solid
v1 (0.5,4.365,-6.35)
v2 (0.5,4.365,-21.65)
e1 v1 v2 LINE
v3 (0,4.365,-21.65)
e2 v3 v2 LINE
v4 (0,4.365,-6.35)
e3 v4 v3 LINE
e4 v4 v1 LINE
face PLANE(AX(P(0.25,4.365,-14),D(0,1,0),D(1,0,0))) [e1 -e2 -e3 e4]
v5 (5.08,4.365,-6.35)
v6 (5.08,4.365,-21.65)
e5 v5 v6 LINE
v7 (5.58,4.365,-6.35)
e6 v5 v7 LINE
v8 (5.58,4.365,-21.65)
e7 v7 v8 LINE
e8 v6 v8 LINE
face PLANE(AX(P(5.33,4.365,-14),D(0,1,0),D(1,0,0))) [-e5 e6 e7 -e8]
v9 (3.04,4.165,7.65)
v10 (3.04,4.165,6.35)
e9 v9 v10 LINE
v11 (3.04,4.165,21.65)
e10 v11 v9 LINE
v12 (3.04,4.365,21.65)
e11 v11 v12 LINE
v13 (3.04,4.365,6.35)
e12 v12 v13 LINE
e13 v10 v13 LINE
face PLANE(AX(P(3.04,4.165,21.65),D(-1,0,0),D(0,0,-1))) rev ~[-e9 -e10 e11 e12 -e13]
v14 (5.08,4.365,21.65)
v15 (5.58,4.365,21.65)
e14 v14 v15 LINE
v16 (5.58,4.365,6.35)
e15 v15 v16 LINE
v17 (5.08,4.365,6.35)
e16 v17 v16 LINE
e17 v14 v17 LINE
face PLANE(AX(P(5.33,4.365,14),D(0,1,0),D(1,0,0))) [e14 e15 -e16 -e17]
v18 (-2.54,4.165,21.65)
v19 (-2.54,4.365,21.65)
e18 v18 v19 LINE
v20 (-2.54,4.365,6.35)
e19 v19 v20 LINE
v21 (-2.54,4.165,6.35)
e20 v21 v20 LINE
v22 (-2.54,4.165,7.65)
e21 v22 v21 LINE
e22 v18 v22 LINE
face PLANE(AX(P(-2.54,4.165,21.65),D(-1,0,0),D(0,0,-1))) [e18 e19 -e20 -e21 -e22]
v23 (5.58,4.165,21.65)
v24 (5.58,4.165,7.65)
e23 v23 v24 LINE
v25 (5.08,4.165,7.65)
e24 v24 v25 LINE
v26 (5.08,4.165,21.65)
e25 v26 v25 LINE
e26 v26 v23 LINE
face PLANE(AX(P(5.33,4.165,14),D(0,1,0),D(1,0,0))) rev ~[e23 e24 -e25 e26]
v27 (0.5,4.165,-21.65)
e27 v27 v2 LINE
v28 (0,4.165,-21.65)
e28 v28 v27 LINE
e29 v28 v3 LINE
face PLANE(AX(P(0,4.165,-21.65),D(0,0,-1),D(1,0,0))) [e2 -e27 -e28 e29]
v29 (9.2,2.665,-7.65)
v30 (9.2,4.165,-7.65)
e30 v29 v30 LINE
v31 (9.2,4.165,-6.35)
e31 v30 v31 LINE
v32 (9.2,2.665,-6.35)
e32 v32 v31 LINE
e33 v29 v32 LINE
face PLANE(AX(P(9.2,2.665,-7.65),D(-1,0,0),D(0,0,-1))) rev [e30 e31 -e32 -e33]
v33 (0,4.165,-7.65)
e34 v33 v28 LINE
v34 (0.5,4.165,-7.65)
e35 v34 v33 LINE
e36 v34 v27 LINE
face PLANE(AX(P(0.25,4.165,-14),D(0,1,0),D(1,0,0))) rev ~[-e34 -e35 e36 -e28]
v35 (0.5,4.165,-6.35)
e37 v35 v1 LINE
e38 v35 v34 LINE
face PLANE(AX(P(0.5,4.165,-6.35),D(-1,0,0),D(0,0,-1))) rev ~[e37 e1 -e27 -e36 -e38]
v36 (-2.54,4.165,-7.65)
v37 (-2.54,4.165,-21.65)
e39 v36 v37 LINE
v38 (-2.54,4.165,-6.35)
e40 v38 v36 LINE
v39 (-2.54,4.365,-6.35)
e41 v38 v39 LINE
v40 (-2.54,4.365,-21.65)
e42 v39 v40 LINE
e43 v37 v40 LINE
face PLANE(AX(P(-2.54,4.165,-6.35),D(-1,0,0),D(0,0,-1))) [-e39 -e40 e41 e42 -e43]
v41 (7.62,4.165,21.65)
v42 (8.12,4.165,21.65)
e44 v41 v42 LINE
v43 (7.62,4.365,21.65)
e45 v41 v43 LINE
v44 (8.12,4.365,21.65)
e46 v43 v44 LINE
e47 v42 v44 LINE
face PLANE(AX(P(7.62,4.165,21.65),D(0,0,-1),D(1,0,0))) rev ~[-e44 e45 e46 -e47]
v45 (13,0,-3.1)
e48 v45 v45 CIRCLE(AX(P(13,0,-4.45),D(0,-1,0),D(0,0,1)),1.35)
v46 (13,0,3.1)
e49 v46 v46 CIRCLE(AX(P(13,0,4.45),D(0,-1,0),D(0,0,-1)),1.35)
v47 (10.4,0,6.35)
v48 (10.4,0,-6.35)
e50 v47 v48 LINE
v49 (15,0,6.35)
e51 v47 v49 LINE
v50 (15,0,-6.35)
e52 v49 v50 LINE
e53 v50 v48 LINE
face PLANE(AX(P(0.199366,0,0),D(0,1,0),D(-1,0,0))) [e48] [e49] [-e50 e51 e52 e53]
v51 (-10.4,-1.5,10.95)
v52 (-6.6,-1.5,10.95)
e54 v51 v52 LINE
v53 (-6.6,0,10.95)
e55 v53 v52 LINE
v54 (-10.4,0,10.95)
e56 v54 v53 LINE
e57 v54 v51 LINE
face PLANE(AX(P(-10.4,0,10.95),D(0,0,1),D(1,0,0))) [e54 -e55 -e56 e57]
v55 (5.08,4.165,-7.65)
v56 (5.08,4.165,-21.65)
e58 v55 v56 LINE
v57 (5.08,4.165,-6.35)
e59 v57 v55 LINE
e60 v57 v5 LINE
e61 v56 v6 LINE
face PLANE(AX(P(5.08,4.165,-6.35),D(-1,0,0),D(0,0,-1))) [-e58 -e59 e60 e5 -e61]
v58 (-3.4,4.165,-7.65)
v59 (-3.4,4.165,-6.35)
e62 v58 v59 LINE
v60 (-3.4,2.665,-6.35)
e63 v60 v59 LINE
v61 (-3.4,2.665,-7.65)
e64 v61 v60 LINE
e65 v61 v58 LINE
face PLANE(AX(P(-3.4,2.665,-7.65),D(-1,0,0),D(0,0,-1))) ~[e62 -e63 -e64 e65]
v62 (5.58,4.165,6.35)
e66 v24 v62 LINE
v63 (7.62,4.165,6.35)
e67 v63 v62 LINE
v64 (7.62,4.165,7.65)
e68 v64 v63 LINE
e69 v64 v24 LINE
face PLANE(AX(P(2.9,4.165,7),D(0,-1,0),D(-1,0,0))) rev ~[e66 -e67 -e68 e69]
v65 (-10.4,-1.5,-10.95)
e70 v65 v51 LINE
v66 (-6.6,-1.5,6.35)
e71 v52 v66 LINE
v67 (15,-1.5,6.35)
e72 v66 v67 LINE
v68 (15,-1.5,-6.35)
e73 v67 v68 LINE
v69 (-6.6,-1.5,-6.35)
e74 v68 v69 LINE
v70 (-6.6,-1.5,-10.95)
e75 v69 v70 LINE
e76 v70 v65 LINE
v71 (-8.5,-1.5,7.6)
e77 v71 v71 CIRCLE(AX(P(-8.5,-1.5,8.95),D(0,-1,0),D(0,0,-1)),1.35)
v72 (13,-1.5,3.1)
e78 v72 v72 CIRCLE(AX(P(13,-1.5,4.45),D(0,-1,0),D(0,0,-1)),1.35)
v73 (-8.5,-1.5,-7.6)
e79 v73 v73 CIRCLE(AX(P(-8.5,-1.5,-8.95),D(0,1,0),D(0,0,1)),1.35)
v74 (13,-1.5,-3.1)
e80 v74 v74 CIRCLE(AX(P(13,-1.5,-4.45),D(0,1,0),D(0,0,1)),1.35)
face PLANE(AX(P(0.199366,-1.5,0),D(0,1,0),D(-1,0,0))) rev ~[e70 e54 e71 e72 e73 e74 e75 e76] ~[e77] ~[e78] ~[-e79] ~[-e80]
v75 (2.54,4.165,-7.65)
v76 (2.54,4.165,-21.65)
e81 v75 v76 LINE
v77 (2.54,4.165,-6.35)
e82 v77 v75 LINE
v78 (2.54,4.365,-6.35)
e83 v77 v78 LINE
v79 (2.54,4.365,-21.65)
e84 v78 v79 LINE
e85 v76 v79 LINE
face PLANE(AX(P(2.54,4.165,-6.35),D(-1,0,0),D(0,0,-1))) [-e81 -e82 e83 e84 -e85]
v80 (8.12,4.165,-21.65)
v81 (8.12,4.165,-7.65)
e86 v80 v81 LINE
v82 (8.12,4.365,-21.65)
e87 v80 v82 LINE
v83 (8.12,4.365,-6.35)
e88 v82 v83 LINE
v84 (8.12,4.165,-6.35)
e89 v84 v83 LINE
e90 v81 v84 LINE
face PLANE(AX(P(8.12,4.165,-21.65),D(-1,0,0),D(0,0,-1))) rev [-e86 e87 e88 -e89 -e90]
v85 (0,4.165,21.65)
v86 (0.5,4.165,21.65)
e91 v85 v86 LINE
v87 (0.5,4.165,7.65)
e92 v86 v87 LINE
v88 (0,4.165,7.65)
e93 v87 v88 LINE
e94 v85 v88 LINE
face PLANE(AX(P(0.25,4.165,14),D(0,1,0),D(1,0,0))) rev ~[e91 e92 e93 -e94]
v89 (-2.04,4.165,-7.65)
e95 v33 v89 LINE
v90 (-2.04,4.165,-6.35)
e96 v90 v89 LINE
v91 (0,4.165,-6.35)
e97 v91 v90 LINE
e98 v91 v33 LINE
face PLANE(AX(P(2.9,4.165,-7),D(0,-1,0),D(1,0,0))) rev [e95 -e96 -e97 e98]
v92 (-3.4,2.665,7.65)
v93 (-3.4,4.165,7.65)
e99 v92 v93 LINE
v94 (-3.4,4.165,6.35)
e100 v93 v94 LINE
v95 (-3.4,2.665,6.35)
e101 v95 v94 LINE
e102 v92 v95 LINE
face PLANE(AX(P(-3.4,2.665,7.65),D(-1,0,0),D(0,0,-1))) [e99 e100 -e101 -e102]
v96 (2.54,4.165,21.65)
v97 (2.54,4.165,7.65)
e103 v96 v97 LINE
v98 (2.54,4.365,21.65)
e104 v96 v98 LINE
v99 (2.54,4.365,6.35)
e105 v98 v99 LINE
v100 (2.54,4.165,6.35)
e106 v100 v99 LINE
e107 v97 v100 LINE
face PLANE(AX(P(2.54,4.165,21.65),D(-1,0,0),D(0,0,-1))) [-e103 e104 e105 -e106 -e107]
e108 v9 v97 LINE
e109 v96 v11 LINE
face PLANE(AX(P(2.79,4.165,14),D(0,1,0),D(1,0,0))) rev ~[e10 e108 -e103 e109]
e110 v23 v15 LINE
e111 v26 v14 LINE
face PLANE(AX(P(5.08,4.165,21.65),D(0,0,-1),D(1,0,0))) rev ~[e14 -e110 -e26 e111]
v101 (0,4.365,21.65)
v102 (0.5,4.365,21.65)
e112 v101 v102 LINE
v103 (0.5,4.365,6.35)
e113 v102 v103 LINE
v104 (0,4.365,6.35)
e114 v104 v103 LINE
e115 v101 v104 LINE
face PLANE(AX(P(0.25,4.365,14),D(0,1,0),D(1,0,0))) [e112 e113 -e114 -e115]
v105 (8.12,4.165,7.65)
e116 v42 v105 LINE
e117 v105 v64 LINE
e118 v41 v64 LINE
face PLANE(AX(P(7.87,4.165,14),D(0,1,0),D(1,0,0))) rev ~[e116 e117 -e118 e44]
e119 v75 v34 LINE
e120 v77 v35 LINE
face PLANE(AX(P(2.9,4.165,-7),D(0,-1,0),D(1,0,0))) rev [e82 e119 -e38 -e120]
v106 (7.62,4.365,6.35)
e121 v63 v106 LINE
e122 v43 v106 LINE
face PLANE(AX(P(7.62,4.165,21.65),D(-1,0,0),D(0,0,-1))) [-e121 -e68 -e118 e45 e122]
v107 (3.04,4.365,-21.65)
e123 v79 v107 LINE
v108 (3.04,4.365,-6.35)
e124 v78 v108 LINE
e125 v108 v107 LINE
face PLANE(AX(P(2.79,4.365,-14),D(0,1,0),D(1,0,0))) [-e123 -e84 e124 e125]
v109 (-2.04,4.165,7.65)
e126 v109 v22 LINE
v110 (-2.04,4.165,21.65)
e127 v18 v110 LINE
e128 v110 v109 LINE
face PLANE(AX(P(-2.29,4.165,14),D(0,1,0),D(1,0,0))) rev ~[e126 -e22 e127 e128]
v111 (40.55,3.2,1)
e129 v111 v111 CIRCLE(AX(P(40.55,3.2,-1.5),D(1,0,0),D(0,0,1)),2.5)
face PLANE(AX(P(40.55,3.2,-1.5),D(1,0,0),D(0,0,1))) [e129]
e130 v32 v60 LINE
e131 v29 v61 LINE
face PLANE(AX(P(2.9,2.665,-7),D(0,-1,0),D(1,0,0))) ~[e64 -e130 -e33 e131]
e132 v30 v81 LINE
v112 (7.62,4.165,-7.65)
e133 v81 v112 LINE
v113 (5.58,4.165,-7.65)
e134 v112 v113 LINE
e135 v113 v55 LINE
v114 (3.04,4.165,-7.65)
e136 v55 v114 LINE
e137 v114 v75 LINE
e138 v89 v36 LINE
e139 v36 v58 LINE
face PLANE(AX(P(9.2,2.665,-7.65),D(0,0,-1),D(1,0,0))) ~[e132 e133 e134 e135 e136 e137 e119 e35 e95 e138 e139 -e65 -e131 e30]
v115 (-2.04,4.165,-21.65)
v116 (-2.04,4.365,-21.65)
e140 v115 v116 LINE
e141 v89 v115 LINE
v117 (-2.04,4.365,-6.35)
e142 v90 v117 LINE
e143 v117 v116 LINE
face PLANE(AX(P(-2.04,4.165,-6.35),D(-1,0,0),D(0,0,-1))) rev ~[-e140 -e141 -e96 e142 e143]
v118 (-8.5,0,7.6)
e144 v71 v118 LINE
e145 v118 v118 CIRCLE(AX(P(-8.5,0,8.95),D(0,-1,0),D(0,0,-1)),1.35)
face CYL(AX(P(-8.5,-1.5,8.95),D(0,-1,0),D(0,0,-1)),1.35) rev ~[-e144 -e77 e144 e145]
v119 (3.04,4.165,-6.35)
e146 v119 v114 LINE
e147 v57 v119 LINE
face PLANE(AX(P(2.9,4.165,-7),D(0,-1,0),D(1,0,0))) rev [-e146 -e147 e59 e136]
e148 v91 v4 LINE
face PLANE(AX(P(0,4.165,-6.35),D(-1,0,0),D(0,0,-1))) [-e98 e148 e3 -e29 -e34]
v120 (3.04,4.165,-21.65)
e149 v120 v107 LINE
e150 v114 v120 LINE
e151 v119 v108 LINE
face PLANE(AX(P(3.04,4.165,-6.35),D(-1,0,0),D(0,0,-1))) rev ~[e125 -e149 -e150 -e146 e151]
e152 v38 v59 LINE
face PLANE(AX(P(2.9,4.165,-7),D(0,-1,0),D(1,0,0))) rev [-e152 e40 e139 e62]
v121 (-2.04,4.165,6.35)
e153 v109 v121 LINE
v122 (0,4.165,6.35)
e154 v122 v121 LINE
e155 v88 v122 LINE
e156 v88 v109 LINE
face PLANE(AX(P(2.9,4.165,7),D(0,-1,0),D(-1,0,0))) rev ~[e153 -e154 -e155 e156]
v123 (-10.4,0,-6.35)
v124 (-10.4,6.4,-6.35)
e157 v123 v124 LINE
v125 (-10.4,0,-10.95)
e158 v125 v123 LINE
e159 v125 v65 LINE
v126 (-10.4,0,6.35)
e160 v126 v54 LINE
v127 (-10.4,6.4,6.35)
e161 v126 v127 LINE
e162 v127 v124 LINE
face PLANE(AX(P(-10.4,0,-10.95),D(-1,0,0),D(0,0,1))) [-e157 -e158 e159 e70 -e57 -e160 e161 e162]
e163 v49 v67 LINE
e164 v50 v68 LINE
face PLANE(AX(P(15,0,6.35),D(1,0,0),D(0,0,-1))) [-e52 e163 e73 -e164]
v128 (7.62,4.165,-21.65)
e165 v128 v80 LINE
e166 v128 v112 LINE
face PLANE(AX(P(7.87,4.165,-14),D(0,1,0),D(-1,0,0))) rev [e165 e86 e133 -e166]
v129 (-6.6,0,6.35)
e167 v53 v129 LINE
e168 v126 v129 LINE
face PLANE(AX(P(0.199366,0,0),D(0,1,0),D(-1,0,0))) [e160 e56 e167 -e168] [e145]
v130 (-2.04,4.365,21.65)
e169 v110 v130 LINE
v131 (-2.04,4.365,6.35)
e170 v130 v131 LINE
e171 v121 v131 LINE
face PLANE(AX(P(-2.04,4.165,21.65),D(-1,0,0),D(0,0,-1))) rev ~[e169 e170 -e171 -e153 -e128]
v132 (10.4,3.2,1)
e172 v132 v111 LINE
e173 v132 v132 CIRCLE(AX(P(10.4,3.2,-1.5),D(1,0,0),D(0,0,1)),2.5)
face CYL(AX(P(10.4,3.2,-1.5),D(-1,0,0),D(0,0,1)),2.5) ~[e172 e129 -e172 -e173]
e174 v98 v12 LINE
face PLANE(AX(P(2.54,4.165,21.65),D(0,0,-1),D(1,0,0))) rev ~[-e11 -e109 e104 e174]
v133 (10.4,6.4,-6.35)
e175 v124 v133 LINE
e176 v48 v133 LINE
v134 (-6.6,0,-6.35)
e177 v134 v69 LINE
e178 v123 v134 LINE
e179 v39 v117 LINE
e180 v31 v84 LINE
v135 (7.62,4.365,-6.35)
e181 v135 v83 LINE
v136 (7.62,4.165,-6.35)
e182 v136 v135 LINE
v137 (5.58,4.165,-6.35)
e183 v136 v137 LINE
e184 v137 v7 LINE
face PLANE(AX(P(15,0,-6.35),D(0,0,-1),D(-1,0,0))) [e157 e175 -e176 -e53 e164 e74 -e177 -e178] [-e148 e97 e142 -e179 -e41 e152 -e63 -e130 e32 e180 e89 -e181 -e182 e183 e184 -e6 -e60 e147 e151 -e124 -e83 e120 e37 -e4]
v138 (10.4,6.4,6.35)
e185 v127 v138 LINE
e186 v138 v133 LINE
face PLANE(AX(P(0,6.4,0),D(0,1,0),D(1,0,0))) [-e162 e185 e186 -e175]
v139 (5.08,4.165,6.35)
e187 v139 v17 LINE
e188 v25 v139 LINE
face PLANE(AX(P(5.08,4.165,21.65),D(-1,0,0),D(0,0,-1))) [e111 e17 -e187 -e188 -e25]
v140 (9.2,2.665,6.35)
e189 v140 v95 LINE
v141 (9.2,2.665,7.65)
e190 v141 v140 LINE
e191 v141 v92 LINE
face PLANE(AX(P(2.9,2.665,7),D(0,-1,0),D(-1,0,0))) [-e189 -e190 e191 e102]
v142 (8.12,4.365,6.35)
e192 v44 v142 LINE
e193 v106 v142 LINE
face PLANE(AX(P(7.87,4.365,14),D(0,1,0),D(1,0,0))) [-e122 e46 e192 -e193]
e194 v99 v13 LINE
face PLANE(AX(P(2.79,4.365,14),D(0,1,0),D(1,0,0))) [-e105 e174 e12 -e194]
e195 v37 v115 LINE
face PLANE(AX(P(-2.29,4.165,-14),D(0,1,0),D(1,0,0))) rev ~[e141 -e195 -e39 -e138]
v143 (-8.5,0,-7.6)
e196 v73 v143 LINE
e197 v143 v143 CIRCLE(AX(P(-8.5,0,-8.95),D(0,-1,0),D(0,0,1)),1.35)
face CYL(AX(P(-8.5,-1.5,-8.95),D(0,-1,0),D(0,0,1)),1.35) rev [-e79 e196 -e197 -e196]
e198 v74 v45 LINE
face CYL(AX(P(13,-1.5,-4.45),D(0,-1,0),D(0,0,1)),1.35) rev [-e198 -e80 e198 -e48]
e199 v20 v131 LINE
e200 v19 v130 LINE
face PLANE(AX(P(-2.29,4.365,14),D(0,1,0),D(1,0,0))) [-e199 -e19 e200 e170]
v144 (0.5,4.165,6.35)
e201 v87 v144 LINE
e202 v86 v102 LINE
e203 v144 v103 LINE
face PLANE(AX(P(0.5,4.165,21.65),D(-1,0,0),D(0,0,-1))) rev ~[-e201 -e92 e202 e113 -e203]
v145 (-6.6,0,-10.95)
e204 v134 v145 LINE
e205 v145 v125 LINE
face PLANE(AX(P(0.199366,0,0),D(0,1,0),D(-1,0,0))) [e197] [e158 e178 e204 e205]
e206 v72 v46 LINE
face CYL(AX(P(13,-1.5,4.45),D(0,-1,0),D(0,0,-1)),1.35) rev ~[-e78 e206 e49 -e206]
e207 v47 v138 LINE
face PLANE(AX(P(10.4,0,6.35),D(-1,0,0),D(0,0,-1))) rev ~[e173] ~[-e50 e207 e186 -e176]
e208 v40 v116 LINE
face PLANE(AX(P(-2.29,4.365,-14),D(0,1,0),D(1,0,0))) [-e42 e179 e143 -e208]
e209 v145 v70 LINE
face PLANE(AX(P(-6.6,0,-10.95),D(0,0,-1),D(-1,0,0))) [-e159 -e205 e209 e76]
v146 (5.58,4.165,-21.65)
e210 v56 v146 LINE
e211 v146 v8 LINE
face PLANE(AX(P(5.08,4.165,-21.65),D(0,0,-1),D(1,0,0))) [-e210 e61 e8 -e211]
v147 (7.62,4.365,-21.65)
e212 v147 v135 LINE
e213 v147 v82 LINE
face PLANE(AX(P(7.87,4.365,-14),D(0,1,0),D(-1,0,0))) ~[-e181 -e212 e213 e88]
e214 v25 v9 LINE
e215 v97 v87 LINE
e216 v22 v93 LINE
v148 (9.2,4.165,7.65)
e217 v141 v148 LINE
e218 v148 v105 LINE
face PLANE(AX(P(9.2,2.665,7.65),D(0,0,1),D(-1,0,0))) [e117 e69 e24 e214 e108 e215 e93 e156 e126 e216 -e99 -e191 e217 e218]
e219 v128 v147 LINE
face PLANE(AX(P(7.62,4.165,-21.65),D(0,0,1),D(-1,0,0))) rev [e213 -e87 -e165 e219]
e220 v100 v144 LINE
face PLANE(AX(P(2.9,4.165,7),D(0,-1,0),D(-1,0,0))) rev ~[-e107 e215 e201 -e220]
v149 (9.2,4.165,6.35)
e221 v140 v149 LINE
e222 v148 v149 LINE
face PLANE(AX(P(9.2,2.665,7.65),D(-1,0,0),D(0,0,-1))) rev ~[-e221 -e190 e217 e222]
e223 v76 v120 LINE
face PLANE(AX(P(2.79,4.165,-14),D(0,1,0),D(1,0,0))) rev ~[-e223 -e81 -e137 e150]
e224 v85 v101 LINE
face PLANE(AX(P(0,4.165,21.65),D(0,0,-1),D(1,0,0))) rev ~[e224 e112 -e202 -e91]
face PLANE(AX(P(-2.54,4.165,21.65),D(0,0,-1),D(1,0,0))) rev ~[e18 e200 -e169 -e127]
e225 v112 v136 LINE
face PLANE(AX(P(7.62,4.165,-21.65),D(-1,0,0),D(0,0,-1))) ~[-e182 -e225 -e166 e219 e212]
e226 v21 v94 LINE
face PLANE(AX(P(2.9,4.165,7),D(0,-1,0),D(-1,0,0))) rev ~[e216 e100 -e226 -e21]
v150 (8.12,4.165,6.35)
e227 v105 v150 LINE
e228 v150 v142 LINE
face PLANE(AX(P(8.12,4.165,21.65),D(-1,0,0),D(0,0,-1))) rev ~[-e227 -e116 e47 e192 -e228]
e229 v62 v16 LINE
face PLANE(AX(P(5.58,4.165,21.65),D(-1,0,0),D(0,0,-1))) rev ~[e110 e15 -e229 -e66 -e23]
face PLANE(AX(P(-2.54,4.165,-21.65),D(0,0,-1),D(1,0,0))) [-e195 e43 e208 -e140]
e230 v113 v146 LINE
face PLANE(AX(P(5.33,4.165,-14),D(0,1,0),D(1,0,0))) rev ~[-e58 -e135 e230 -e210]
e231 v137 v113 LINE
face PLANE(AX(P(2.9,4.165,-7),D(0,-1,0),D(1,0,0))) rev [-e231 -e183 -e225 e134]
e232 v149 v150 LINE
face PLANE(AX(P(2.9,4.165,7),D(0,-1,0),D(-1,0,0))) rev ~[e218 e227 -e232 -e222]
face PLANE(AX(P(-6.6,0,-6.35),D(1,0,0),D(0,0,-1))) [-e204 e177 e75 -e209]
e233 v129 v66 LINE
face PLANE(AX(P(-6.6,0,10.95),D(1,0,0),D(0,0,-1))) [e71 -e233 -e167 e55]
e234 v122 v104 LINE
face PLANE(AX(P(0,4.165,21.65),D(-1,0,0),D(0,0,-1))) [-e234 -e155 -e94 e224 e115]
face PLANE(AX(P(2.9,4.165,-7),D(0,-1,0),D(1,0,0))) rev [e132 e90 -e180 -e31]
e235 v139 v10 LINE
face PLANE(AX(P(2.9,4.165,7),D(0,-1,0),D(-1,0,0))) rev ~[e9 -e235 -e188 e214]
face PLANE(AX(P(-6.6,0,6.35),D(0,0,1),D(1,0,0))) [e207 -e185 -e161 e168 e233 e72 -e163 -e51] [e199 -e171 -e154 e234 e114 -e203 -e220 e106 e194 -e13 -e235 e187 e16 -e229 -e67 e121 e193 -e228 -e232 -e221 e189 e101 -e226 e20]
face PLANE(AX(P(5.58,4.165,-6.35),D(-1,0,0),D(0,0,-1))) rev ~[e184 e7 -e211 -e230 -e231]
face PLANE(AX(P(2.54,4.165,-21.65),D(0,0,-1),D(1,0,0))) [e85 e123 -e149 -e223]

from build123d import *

# Parameters (mm, degrees)
SKETCH1_W               = 20.8
SKETCH1_H               = 12.7
BOSS_EXTRUDE1_DEPTH     = 6.4
BOSS_EXTRUDE2_DEPTH     = 1.5
SKETCH5_R               = 1.35
CUT_EXTRUDE1_DEPTH      = 21.181984541
SKETCH8_R               = 2.5
BOSS_EXTRUDE3_DEPTH     = 30.15
SKETCH9_W               = 12.6
SKETCH9_H               = 1.3
BOSS_EXTRUDE4_DEPTH     = 1.5
SKETCH10_W              = 0.5
SKETCH10_H              = 15.3
BOSS_EXTRUDE5_DEPTH     = 0.2
LPATTERN1_COUNT         = 5
LPATTERN1_PITCH         = 2.54
MIRROR2_COPY_1_SKETCH_W = 0.5
MIRROR2_COPY_1_SKETCH_H = 15.3
MIRROR2_COPY_1_DEPTH    = 0.2
MIRROR2_COPY_2_SKETCH_W = 0.5
MIRROR2_COPY_2_SKETCH_H = 15.3
MIRROR2_COPY_2_DEPTH    = 0.2
MIRROR2_COPY_3_SKETCH_W = 0.5
MIRROR2_COPY_3_SKETCH_H = 15.3
MIRROR2_COPY_3_DEPTH    = 0.2
MIRROR2_COPY_4_SKETCH_W = 0.5
MIRROR2_COPY_4_SKETCH_H = 15.3
MIRROR2_COPY_4_DEPTH    = 0.2


with BuildPart() as part:
    # Sketch1 → Boss-Extrude1 (new body)
    with BuildSketch(Plane(origin=(0, 0, 0), x_dir=(1, 0, 0), z_dir=(0, 1, 0))):
        Rectangle(SKETCH1_W, SKETCH1_H)
    extrude(amount=BOSS_EXTRUDE1_DEPTH)

    # Sketch3 → Boss-Extrude2 (add)
    with BuildSketch(Plane.XZ):
        Polygon((-10.4, 10.95), (-6.6, 10.95), (-6.6, 6.35), (15, 6.35), (15, -6.35), (-6.6, -6.35), (-6.6, -10.95), (-10.4, -10.95), align=None)
    extrude(amount=BOSS_EXTRUDE2_DEPTH)

    # Sketch5 → Cut-Extrude1 (cut, through all)
    with BuildSketch(Plane.XZ.offset(1.5)):
        with Locations(Location((-8.5, 8.95, 0), (0, 0, 270))):
            Circle(SKETCH5_R)
        with Locations(Location((13, 4.45, 0), (0, 0, 270))):
            Circle(SKETCH5_R)
    cut_extrude1 = extrude(amount=-CUT_EXTRUDE1_DEPTH, mode=Mode.SUBTRACT)

    # Mirror3: Cut-Extrude1 across plane
    add(cut_extrude1.mirror(Plane.XY), mode=Mode.SUBTRACT)

    # Sketch8 → Boss-Extrude3 (add)
    with BuildSketch(Plane(origin=(10.4, 0, 0), x_dir=(0, 0, -1), z_dir=(1, 0, 0))):
        with Locations(Location((1.5, 3.2, 0), (0, 0, 180))):
            Circle(SKETCH8_R)
    extrude(amount=BOSS_EXTRUDE3_DEPTH)

    # Sketch9 → Boss-Extrude4 (add)
    with BuildSketch(Plane(origin=(0, 2.665, 0), x_dir=(-1, 0, 0), z_dir=(0, -1, 0))):
        with Locations((-2.9, -7)):
            Rectangle(SKETCH9_W, SKETCH9_H)
    boss_extrude4 = extrude(amount=-BOSS_EXTRUDE4_DEPTH)

    # Sketch10 → Boss-Extrude5 (add)
    with BuildSketch(Plane(origin=(0, 4.165, 0), x_dir=(1, 0, 0), z_dir=(0, 1, 0))):
        with Locations((7.87, -14)):
            Rectangle(SKETCH10_W, SKETCH10_H)
    boss_extrude5 = extrude(amount=BOSS_EXTRUDE5_DEPTH)

    # LPattern1: Boss-Extrude5 ×5
    with Locations(*[(-i * LPATTERN1_PITCH, 0, 0) for i in range(1, LPATTERN1_COUNT)]):
        add(boss_extrude5)

    # Mirror2: Boss-Extrude4, Boss-Extrude5 across plane
    add(boss_extrude4.mirror(Plane.XY))
    add(boss_extrude5.mirror(Plane.XY))

    # Mirror2 copy 1 sketch → Mirror2 copy 1 (add)
    with BuildSketch(Plane(origin=(-2.54, 4.165, 0), x_dir=(1, 0, 0), z_dir=(0, 1, 0))):
        with Locations((7.87, 14)):
            Rectangle(MIRROR2_COPY_1_SKETCH_W, MIRROR2_COPY_1_SKETCH_H)
    extrude(amount=MIRROR2_COPY_1_DEPTH)

    # Mirror2 copy 2 sketch → Mirror2 copy 2 (add)
    with BuildSketch(Plane(origin=(-5.08, 4.165, 0), x_dir=(1, 0, 0), z_dir=(0, 1, 0))):
        with Locations((7.87, 14)):
            Rectangle(MIRROR2_COPY_2_SKETCH_W, MIRROR2_COPY_2_SKETCH_H)
    extrude(amount=MIRROR2_COPY_2_DEPTH)

    # Mirror2 copy 3 sketch → Mirror2 copy 3 (add)
    with BuildSketch(Plane(origin=(-7.62, 4.165, 0), x_dir=(1, 0, 0), z_dir=(0, 1, 0))):
        with Locations((7.87, 14)):
            Rectangle(MIRROR2_COPY_3_SKETCH_W, MIRROR2_COPY_3_SKETCH_H)
    extrude(amount=MIRROR2_COPY_3_DEPTH)

    # Mirror2 copy 4 sketch → Mirror2 copy 4 (add)
    with BuildSketch(Plane(origin=(-10.16, 4.165, 0), x_dir=(1, 0, 0), z_dir=(0, 1, 0))):
        with Locations((7.87, 14)):
            Rectangle(MIRROR2_COPY_4_SKETCH_W, MIRROR2_COPY_4_SKETCH_H)
    extrude(amount=MIRROR2_COPY_4_DEPTH)


solid = part.part
